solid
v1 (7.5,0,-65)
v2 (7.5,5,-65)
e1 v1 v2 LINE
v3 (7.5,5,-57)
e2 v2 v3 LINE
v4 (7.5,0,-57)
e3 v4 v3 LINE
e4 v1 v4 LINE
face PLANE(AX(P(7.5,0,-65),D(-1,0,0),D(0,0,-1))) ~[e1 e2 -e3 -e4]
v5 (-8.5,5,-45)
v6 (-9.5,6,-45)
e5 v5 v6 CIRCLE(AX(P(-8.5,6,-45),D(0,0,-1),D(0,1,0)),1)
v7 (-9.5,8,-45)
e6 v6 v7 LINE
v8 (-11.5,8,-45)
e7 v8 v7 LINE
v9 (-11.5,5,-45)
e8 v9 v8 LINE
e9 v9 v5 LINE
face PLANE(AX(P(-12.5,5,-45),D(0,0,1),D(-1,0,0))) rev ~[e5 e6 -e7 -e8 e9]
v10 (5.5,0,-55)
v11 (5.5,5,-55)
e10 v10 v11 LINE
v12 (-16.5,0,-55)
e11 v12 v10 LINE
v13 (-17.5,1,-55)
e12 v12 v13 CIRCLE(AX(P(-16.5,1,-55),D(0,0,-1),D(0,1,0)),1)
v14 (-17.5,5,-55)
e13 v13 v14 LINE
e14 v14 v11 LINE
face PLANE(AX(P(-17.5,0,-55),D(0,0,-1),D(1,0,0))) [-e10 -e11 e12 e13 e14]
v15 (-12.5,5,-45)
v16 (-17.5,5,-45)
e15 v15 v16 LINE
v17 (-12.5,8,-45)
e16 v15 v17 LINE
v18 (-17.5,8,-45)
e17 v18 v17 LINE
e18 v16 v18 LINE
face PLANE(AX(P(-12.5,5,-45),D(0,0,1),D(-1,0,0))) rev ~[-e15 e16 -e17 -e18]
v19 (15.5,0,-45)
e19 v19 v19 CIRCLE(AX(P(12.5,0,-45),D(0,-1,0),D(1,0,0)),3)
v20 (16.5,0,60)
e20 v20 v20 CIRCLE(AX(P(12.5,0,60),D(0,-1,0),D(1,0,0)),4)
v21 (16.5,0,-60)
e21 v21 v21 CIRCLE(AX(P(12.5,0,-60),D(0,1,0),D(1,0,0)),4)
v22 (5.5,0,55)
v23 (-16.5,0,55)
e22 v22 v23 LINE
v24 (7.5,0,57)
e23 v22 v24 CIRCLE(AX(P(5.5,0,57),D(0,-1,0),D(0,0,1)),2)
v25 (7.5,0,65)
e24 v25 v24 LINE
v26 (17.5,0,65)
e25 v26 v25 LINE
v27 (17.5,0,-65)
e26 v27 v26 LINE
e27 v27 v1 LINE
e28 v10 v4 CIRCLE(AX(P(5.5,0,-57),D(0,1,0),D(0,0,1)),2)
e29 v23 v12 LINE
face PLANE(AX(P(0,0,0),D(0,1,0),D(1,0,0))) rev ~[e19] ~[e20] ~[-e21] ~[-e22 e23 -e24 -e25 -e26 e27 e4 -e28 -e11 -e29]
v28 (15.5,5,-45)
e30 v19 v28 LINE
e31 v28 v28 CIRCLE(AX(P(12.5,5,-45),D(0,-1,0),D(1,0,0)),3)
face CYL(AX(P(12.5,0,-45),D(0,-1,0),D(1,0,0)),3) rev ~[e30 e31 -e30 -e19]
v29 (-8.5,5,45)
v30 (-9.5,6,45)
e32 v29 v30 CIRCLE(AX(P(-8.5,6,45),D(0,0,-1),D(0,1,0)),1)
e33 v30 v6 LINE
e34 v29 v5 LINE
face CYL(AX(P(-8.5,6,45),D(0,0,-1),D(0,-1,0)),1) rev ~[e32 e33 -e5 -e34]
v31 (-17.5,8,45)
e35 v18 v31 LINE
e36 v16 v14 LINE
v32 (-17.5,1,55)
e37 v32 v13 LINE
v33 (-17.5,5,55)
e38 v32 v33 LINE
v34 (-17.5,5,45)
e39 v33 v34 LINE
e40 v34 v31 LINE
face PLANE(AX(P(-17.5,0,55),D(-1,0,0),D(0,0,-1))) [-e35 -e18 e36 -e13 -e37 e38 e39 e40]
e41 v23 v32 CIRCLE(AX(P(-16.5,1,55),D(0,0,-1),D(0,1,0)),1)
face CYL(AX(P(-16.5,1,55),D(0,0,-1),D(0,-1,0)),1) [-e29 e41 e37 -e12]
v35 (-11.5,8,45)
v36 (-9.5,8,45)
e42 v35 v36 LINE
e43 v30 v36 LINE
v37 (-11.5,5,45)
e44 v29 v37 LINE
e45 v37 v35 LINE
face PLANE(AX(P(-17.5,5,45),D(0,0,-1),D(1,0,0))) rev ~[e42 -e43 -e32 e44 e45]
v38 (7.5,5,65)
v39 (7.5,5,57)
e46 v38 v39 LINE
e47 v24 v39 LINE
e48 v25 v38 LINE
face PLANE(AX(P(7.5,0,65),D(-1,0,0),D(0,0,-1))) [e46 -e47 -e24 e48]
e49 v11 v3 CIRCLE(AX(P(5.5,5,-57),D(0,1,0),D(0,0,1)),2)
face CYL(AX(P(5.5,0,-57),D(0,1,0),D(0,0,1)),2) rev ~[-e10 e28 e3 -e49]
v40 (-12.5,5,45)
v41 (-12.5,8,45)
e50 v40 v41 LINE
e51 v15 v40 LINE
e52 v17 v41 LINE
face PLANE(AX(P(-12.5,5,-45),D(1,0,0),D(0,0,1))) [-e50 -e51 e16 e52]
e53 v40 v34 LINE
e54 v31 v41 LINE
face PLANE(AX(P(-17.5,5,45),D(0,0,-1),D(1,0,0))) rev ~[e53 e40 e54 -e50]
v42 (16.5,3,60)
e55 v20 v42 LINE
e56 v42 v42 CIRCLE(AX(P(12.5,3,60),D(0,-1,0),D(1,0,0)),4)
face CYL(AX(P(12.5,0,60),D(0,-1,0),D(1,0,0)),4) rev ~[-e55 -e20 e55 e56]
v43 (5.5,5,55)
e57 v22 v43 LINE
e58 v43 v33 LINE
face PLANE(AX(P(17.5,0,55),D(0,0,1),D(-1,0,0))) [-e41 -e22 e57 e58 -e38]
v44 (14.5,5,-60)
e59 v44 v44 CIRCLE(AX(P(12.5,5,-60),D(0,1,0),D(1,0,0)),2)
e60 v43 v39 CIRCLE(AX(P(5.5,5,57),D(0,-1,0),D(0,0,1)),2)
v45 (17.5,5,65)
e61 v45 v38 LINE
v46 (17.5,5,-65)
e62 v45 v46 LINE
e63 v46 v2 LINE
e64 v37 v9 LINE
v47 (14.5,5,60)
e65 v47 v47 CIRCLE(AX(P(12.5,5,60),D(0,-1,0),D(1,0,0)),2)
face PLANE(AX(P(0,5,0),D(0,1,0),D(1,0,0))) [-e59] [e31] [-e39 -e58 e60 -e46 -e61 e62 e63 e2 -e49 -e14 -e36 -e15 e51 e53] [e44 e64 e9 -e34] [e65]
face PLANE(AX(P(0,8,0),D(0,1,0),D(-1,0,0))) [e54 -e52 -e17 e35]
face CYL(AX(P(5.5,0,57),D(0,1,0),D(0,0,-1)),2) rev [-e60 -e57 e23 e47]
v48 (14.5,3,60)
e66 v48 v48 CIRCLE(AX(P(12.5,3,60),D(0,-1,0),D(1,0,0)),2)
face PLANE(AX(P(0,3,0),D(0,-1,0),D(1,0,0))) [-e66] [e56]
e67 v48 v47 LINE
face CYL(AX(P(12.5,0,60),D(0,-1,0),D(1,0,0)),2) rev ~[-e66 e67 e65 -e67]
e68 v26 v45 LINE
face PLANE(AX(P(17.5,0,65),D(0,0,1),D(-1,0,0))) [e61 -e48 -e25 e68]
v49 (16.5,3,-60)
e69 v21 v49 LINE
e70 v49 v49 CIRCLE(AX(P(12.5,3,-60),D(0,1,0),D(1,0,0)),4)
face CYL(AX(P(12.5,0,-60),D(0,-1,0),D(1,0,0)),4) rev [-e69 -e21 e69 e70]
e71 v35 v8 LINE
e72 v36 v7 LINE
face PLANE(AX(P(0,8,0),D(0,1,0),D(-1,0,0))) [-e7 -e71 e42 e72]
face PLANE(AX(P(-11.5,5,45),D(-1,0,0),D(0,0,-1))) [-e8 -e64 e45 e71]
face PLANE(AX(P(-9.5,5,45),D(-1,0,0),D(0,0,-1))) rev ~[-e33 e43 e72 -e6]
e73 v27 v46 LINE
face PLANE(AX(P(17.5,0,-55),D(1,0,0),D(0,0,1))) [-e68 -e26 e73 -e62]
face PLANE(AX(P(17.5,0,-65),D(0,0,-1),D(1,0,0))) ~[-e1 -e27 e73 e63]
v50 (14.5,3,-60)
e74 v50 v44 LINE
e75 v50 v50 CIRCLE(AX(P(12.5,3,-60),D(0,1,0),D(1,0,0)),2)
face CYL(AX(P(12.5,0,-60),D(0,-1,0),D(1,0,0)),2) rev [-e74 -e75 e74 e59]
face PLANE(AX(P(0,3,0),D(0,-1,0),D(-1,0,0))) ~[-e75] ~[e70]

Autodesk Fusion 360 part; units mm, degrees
sketch "cover base" plane through (0, 0, 0) normal (0, 1, 0) x (1, 0, 0)
  line L0 (17.5, -55) -> (-17.5, -55)
  line L1 (-17.5, -55) -> (-17.5, 55)
  line L2 (-17.5, 55) -> (17.5, 55)
  line L3 (17.5, 55) -> (17.5, -55)
  line L4 (17.5, -55) -> (-17.5, 55) construction
  line L5 (-17.5, -55) -> (17.5, 55) construction
  dimension "d1" = 35
  dimension "d2" = 110
extrude "Extrude1" add sketch "cover base" along normal blind 5
sketch "Screw holder" plane through (0, 0, 0) normal (0, -1, 0) x (1, 0, 0)
  line L0 (-17.5, -55) -> (17.5, -55)
  line L1 (17.5, -55) -> (17.5, 55)
  line L2 (17.5, 55) -> (-17.5, 55)
  line L3 (-17.5, 55) -> (-17.5, -55)
  line L4 (7.5, 55) -> (17.5, 55)
  line L5 (17.5, 55) -> (17.5, 65)
  line L6 (17.5, 65) -> (7.5, 65)
  line L7 (7.5, 65) -> (7.5, 55)
  circle A0 centre (12.5, 60) radius 4
  circle A1 centre (12.5, 60) radius 2
  dimension "d5" = 10
  dimension "d6" = 10
  dimension "d9" = 8
  dimension "d10" = 4
extrude "Extrude2" add sketch "Screw holder" against normal blind 5 contours L2 L4 L5 L6 L7 | A0 | A1
extrude "Extrude3" cut sketch "Screw holder" against normal up to surface (5 mm away) contours A1
extrude "Extrude4" cut sketch "Screw holder" against normal blind 3 contours A0
mirror "Mirror1" about plane through (0, 0, 0) normal (0, 0, 1) of "Extrude2", "Extrude3", "Extrude4"
sketch "Slit" plane through (0, 5, 0) normal (0, 1, 0) x (-1, 0, 0)
  circle A0 centre (-12.5, -60) radius 2
  circle A1 centre (-12.5, 60) radius 2
  line L0 (-7.5, -55) -> (17.5, -55)
  line L1 (17.5, -55) -> (17.5, 55)
  line L2 (17.5, 55) -> (-7.5, 55)
  line L3 (-7.5, 55) -> (-7.5, 65)
  line L4 (-7.5, 65) -> (-17.5, 65)
  line L5 (-17.5, 65) -> (-17.5, -65)
  line L6 (-17.5, -65) -> (-7.5, -65)
  line L7 (-7.5, -65) -> (-7.5, -55)
  line L8 (-17.5, 55) -> (11.5, 55) construction
  line L9 (17.5, 45) -> (9.5, 45)
  line L10 (9.5, 45) -> (9.5, -45)
  line L11 (9.5, -45) -> (17.5, -45)
  line L12 (17.5, -45) -> (17.5, 45)
  line L13 (11.5, 55) -> (11.5, 45) construction
  line L14 (12.5, 45) -> (11.5, 45)
  line L15 (11.5, 45) -> (11.5, -45)
  line L16 (11.5, -45) -> (12.5, -45)
  line L17 (12.5, -45) -> (12.5, 45)
  dimension "d16" = 29
  dimension "d23" = 8
  dimension "d35" = 90
  dimension "d36" = 90
  dimension "d37" = 1
extrude "Extrude5" add sketch "Slit" along normal blind 3 contours L1 L9 L11 L12 L17 | L9 L11 L14 L15 L16 L17 | L9 L10 L11 L15
extrude "Extrude8" cut sketch "Slit" along normal blind 3 contours L9 L11 L14 L15 L16 L17
fillet "Fillet1" radius 1 1 edges at (-17.5, 0, 0)
fillet "Fillet2" radius 2 2 edges at (7.5, 2.5, -55) (7.5, 2.5, 55)
fillet "Fillet3" radius 1 1 edges at (-9.5, 5, 0)
sketch "Sketch5" plane through (0, 0, 0) normal (0, -1, 0) x (1, 0, 0)
  line L0 (-16.5, 55) -> (-16.5, -55)
  line L1 (-16.5, -55) -> (5.5, -55)
  arc A0 (7.5, -57) -> (5.5, -55) centre (5.5, -57) ccw
  line L2 (7.5, -57) -> (7.5, -65)
  line L3 (7.5, -65) -> (17.5, -65)
  line L4 (17.5, -65) -> (17.5, 65)
  line L5 (17.5, 65) -> (7.5, 65)
  line L6 (7.5, 65) -> (7.5, 57)
  arc A1 (5.5, 55) -> (7.5, 57) centre (5.5, 57) ccw
  line L7 (5.5, 55) -> (-16.5, 55)
  circle A2 centre (12.5, -60) radius 4
  circle A3 centre (12.5, 60) radius 4
  line L8 (12.5, -60) -> (12.5, -45) construction
  circle A4 centre (12.5, -45) radius 3
  dimension "d29" = 15
  dimension "d30" = 6
extrude "Extrude7" cut sketch "Sketch5" against normal up to surface (5 mm away) contours A4
